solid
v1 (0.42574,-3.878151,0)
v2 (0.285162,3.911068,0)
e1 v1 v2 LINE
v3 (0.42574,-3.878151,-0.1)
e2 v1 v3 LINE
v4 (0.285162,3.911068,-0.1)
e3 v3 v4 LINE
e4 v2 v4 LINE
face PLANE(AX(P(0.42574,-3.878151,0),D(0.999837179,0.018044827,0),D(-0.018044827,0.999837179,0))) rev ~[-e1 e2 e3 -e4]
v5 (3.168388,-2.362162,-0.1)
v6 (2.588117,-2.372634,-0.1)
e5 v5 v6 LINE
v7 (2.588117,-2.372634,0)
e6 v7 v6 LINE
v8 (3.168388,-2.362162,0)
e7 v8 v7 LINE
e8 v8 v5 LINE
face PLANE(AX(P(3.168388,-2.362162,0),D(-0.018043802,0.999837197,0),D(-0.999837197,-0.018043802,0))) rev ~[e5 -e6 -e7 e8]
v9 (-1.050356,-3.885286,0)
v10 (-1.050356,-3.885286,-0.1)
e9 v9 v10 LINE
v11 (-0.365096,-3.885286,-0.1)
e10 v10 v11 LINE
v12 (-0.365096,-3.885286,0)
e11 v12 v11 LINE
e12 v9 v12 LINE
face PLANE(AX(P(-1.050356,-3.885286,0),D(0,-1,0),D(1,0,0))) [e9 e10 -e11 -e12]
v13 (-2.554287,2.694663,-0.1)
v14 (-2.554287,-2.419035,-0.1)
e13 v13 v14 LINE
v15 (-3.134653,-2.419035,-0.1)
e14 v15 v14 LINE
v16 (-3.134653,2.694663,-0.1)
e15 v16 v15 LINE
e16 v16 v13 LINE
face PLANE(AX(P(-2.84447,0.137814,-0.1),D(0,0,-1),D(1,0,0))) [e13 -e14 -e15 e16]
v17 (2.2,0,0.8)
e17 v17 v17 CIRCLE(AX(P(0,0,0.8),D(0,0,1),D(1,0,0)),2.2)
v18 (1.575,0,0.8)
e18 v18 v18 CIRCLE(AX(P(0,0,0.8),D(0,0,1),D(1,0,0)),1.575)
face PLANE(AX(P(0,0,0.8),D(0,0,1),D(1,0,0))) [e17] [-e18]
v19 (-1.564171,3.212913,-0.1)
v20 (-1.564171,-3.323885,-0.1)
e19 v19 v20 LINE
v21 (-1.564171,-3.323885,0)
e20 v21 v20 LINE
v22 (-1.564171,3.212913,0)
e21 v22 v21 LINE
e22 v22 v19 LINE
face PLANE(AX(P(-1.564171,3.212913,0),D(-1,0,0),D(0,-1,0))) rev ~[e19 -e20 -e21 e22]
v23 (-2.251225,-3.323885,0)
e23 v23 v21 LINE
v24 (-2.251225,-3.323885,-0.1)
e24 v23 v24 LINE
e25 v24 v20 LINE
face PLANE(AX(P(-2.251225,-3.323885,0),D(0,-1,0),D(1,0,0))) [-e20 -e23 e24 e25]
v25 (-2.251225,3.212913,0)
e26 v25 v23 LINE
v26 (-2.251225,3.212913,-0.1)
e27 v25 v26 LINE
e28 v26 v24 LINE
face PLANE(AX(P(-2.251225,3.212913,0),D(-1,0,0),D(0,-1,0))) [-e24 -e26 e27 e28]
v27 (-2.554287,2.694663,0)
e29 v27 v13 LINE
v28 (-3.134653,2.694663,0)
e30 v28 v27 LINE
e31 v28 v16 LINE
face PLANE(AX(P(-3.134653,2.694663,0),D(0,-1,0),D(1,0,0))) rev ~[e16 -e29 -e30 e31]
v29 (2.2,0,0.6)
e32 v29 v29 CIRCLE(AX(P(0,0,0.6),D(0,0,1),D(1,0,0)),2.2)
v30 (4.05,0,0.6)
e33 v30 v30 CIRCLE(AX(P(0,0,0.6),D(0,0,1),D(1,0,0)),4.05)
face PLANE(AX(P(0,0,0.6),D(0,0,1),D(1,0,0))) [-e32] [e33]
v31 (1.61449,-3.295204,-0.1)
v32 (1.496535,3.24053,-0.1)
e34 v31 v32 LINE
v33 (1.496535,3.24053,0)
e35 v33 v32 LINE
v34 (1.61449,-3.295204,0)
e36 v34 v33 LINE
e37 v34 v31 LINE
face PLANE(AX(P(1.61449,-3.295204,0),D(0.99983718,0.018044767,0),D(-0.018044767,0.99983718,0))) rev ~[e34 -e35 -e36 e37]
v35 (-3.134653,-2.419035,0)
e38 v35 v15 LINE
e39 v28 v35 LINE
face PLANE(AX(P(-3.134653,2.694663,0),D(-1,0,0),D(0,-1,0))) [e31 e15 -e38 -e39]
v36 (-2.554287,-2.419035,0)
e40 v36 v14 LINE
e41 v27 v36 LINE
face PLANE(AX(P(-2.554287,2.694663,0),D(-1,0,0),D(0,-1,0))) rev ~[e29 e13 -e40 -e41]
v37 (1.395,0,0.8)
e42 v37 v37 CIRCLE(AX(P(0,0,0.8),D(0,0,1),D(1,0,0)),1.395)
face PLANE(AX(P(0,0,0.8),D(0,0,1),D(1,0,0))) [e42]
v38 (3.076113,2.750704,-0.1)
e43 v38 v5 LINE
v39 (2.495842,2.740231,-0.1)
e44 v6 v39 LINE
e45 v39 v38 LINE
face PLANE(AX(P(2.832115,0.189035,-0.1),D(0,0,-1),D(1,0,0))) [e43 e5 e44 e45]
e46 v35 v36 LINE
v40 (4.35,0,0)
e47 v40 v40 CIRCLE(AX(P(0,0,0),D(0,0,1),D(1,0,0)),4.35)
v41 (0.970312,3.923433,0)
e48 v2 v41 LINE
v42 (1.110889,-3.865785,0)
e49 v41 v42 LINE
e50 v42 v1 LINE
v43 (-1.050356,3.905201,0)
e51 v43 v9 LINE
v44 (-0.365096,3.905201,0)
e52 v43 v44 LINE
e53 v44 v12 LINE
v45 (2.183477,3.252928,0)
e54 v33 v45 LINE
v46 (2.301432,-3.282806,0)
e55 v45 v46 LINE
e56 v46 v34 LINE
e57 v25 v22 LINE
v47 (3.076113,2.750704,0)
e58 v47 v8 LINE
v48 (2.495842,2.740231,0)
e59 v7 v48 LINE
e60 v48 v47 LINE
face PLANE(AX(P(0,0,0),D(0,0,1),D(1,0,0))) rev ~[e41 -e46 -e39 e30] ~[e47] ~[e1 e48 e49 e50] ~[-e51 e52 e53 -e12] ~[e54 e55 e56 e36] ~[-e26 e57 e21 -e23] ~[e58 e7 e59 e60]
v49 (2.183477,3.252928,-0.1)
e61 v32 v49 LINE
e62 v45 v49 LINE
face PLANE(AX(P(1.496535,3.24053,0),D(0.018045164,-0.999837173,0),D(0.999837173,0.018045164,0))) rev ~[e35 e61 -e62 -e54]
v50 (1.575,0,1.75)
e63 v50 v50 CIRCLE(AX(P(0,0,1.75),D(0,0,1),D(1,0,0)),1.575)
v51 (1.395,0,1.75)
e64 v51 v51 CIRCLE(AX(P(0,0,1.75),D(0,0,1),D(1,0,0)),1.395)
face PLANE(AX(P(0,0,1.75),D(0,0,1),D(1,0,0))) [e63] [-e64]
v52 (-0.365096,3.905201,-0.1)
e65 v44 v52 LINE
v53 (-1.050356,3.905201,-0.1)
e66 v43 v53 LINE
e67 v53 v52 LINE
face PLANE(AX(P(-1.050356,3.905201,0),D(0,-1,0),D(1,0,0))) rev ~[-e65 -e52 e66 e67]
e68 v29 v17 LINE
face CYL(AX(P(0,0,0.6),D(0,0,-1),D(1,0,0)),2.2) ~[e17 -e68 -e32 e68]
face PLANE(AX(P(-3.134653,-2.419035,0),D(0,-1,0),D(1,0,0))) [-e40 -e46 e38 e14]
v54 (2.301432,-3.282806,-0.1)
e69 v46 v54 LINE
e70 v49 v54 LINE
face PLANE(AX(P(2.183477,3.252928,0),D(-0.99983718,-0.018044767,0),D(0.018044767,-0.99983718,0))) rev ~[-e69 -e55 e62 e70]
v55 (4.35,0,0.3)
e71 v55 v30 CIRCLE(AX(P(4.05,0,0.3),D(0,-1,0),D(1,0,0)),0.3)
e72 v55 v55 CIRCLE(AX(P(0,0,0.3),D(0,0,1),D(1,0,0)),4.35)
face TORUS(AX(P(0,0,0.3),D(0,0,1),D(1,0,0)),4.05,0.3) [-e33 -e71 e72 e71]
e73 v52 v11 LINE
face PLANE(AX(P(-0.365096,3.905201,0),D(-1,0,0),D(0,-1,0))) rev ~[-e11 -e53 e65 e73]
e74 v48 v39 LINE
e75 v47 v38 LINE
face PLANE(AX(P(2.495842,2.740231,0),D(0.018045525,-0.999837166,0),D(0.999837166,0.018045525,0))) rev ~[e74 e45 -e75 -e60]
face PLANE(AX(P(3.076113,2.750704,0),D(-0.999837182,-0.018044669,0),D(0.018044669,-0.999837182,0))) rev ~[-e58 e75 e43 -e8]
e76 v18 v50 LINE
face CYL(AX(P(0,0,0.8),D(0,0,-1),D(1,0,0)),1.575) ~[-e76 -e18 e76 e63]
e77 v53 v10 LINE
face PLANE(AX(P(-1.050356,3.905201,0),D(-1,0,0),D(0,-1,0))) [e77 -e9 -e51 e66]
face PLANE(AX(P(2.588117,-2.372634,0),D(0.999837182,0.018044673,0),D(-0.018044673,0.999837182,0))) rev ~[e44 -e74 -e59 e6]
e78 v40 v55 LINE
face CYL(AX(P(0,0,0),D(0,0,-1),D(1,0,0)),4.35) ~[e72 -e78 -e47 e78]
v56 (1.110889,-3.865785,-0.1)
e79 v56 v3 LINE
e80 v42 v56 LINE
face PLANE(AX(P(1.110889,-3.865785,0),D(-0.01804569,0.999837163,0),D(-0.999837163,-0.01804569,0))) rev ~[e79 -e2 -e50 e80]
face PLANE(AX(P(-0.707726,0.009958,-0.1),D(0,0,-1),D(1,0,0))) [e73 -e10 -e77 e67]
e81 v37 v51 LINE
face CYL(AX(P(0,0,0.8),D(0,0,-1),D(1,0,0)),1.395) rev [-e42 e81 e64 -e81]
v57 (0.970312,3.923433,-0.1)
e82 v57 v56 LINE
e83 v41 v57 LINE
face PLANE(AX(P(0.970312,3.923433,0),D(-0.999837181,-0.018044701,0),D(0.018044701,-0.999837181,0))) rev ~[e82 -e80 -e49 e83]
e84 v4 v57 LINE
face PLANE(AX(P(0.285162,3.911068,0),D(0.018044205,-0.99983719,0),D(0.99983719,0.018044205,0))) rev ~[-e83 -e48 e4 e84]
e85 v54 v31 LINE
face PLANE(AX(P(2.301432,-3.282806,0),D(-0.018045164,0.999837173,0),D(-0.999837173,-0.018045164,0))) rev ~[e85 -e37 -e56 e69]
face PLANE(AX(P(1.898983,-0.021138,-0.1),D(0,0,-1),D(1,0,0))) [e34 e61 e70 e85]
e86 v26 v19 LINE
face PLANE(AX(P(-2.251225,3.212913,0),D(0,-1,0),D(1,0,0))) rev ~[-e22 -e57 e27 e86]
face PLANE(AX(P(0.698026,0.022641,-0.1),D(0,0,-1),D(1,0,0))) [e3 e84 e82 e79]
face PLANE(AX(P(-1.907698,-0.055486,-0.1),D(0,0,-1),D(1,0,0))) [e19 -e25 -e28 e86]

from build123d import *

# Parameters (mm, degrees)
F0_R     = 4.35
F1_DEPTH = 0.6
F2_R     = 2.2
F3_DEPTH = 0.2
F4_R     = 1.575
F4_R_2   = 1.395
F5_DEPTH = 0.95
F6_R     = 0.3
F7_W     = 0.580366
F7_H     = 5.113698
F7_W_2   = 0.687054
F7_H_2   = 6.536799
F7_W_3   = 0.685261
F7_H_3   = 7.790487
F8_DEPTH = 0.1


with BuildPart() as f1:
    # F0 (on Top) → F1 (new body)
    with BuildSketch(Plane.XY):
        Circle(F0_R)
    extrude(amount=F1_DEPTH)

    # F2 (on face) → F3 (join)
    with BuildSketch(Plane.XY.offset(0.6)):
        Circle(F2_R)
    extrude(amount=F3_DEPTH)

    # F4 (on face) → F5 (join)
    with BuildSketch(Plane.XY.offset(0.8)):
        Circle(F4_R)
        Circle(F4_R_2, mode=Mode.SUBTRACT)
    extrude(amount=F5_DEPTH)

    # F6
    f6_edges = [f1.edges().sort_by_distance(p)[0] for p in [
        (-4.35, 0, 0.6),
    ]]
    fillet(f6_edges, radius=F6_R)

    # F7 (on face) → F8 (join)
    with BuildSketch(Plane(origin=(0, 0, 0), x_dir=(1, 0, 0), z_dir=(0, 0, -1))):
        with Locations((-2.84447, -0.137814)):
            Rectangle(F7_W, F7_H)
        with Locations((-1.907698, 0.055486)):
            Rectangle(F7_W_2, F7_H_2)
        with Locations((-0.707726, -0.009958)):
            Rectangle(F7_W_3, F7_H_3)
        Polygon((1.110889, 3.865785), (0.42574, 3.878151), (0.285162, -3.911068), (0.970312, -3.923433), align=None)
        Polygon((1.496535, -3.24053), (2.183477, -3.252928), (2.301432, 3.282806), (1.61449, 3.295204), align=None)
        Polygon((3.168388, 2.362162), (2.588117, 2.372634), (2.495842, -2.740231), (3.076113, -2.750704), align=None)
    extrude(amount=F8_DEPTH)


solid = f1.part
